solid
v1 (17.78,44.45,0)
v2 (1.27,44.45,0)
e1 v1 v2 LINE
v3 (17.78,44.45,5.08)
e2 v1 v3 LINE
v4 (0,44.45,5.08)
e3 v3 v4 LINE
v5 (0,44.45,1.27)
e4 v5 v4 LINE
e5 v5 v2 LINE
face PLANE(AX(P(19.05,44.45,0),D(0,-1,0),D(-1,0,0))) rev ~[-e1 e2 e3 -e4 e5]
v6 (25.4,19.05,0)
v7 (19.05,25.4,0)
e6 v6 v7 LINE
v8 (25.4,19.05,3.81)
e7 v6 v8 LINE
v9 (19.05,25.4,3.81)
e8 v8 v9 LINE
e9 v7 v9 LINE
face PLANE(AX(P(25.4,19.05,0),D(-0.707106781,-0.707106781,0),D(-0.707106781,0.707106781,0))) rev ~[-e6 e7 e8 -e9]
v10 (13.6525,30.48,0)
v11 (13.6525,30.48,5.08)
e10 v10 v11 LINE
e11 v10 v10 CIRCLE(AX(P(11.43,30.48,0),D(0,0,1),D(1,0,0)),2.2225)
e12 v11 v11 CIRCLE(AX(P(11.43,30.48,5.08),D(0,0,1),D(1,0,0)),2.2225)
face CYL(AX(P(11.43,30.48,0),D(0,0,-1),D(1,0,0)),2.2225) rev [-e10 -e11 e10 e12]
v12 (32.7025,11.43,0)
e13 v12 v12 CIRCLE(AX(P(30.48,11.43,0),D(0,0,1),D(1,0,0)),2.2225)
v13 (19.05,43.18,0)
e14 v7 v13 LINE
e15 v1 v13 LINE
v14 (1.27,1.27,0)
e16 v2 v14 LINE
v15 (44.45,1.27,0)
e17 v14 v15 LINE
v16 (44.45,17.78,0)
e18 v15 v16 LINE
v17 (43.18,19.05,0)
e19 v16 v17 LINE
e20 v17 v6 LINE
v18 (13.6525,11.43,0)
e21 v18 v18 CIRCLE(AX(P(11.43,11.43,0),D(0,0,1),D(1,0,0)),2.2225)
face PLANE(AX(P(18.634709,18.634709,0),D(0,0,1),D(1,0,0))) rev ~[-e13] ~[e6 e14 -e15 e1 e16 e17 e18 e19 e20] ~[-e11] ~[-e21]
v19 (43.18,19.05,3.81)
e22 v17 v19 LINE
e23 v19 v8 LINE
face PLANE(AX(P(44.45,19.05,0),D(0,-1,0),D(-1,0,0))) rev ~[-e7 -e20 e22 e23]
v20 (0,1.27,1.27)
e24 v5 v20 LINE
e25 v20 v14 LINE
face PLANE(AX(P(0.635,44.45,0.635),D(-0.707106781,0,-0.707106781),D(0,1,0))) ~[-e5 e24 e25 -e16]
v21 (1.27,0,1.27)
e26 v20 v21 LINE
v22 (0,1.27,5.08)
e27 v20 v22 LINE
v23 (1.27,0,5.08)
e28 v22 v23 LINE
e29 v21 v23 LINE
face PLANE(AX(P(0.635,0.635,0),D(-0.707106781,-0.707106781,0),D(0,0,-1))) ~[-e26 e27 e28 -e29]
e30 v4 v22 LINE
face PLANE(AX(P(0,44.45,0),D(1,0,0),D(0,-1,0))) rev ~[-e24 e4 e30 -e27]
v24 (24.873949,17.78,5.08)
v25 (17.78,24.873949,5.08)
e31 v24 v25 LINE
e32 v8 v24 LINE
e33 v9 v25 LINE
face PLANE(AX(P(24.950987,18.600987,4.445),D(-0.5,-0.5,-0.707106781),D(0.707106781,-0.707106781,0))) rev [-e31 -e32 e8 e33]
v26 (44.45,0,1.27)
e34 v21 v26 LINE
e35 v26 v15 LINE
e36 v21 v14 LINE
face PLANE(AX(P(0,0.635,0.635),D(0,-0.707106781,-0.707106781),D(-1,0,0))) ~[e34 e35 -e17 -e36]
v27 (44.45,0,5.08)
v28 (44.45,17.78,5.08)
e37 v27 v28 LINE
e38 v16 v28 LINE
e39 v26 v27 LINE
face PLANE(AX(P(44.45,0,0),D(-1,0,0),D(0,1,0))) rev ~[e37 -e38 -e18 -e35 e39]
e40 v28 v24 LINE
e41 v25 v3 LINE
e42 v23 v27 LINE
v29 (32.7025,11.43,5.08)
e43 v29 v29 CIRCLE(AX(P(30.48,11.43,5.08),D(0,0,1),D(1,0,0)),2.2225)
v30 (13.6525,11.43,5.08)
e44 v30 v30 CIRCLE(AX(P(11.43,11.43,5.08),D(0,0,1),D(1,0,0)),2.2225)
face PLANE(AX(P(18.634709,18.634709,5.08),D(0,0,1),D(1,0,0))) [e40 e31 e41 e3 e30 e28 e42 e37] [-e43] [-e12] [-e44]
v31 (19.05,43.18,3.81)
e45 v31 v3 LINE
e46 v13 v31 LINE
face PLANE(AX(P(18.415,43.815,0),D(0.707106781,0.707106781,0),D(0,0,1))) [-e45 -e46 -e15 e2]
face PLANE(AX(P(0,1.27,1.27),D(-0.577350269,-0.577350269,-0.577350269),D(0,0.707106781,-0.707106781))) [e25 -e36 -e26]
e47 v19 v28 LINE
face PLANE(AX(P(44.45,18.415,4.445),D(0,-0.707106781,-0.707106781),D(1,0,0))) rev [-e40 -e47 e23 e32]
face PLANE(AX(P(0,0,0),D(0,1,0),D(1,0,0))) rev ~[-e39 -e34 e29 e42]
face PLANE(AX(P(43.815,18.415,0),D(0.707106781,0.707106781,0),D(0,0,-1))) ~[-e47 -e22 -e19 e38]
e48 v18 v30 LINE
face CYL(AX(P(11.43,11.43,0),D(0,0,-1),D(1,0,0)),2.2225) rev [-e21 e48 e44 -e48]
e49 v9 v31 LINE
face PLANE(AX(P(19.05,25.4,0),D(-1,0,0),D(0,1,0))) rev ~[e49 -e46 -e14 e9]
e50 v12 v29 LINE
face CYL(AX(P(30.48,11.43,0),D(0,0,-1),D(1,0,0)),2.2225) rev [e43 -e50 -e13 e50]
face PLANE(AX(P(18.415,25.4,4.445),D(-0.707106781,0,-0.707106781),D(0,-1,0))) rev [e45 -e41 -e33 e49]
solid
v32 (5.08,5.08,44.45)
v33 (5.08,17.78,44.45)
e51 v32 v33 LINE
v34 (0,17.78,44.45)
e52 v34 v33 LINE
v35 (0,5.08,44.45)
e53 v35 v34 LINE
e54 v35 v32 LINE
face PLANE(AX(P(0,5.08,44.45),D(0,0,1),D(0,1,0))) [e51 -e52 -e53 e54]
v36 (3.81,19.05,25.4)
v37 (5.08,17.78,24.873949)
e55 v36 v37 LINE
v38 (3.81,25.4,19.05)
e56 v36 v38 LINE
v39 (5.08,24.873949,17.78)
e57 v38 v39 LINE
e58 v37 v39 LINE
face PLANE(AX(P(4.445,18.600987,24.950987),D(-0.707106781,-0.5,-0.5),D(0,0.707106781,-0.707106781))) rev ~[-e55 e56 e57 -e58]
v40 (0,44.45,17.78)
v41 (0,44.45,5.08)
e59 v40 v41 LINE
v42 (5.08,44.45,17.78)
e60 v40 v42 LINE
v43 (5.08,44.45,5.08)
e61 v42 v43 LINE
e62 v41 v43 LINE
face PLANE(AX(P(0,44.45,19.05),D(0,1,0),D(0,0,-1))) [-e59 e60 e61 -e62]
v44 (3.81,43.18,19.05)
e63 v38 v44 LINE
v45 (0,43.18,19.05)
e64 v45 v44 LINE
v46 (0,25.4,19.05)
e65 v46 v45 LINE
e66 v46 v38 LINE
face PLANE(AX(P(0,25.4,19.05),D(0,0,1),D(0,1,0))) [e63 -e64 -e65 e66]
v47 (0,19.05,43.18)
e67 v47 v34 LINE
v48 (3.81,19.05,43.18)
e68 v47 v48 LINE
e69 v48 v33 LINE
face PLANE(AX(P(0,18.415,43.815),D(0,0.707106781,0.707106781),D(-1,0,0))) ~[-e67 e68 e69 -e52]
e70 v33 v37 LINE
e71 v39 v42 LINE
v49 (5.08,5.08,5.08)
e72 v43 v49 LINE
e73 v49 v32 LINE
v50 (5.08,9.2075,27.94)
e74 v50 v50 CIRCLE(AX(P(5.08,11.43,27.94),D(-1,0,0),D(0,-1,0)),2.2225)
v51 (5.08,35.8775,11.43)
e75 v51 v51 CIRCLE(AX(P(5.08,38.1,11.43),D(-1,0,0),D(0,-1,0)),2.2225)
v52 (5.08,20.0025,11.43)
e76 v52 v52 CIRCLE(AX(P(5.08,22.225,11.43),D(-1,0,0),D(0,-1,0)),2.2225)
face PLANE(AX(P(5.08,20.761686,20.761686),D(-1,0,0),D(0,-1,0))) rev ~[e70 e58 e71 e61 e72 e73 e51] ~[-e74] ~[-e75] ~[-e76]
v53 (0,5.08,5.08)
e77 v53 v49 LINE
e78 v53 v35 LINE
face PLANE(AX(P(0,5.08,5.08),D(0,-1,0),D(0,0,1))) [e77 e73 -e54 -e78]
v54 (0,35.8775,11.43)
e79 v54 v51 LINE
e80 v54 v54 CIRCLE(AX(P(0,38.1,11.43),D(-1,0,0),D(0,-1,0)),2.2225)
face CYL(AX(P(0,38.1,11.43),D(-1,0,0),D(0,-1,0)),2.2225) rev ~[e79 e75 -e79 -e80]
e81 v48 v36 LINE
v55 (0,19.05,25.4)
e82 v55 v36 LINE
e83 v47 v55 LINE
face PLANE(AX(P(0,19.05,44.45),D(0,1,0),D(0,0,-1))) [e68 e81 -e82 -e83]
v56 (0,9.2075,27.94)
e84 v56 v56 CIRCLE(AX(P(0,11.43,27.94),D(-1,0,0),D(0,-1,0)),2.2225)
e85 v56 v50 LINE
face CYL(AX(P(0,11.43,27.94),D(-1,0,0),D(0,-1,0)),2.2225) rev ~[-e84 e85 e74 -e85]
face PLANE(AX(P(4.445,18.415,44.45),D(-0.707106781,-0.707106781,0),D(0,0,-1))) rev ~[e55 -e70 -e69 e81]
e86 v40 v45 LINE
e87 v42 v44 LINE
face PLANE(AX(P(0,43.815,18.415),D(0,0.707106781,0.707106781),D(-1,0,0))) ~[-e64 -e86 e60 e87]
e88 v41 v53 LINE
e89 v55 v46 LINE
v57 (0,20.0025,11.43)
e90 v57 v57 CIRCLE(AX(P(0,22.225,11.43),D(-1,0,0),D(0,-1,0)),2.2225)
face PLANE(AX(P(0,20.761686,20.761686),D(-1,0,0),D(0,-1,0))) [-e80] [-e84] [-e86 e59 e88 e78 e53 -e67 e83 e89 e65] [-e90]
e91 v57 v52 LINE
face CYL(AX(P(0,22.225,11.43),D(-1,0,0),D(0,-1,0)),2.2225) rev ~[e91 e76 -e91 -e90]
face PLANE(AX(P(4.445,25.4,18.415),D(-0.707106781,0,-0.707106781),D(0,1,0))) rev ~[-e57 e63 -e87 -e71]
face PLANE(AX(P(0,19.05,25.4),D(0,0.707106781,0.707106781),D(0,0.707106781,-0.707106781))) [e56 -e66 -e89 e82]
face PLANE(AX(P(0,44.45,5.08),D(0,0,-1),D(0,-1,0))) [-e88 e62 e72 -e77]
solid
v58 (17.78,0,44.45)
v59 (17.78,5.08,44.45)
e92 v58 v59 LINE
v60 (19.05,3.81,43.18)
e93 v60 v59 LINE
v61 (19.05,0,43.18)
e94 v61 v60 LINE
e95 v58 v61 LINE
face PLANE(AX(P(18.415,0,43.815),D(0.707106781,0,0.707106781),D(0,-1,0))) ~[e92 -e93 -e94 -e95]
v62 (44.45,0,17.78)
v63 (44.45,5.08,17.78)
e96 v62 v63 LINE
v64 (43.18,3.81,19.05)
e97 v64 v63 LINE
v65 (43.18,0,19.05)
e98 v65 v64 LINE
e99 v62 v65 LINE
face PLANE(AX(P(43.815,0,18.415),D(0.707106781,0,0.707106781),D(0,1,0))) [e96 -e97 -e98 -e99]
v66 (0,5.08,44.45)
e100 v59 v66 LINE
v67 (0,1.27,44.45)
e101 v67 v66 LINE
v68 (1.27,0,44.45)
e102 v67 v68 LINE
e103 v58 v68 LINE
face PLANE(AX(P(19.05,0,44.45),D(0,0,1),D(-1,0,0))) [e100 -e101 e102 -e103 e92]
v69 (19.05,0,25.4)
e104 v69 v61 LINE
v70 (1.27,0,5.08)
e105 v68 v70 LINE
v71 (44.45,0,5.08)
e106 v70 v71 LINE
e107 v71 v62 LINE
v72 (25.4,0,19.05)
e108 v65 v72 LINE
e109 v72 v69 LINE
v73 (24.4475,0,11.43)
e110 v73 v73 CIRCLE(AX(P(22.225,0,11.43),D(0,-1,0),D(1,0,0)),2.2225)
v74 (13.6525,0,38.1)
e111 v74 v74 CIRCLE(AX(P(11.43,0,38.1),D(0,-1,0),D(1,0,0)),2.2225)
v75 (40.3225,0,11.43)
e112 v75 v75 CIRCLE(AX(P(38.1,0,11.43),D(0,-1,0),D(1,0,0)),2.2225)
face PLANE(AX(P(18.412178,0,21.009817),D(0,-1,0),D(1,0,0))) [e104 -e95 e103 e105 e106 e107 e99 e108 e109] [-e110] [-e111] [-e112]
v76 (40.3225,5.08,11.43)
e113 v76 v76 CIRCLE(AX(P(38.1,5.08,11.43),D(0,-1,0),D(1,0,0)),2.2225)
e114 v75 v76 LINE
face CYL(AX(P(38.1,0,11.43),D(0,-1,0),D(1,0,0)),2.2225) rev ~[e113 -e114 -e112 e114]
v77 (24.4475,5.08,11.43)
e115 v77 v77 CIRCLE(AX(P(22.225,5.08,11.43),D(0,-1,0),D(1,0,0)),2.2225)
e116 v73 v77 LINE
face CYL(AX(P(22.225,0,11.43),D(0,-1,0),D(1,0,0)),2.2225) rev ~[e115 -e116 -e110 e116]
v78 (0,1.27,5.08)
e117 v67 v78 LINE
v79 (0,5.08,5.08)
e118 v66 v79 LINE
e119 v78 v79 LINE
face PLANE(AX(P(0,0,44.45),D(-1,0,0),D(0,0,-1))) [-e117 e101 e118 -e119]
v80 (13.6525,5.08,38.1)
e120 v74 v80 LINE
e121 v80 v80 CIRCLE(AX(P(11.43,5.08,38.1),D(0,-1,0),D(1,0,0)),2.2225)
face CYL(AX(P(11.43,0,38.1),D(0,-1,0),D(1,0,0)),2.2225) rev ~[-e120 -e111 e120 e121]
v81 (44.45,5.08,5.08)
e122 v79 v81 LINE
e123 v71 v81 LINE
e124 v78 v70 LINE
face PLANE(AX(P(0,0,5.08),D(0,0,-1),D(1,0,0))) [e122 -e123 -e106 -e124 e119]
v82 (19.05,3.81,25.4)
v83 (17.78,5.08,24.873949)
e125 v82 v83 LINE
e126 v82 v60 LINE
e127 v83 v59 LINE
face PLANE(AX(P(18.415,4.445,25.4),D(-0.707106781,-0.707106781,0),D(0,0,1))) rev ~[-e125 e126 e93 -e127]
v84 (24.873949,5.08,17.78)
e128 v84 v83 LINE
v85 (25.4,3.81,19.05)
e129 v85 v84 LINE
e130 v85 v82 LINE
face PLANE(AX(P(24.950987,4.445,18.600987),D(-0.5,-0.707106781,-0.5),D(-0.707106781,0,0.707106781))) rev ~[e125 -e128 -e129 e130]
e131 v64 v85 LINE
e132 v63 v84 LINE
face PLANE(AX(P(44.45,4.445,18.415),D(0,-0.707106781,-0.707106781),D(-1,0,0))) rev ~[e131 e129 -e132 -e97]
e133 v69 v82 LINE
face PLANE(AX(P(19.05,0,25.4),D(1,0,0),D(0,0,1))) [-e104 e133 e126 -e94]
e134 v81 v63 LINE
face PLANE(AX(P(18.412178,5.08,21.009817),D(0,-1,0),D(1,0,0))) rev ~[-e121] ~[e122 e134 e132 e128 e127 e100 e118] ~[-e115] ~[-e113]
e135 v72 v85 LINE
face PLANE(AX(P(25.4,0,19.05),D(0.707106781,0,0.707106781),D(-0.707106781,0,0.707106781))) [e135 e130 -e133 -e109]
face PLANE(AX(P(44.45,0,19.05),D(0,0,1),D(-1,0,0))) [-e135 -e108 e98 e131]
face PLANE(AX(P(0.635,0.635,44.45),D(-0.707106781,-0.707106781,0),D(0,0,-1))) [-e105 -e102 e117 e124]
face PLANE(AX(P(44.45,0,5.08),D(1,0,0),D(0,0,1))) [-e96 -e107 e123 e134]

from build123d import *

# Parameters (mm, degrees)
F0_R      = 2.2225
F1_DEPTH  = 5.08
F2_R      = 2.2225
F3_DEPTH  = 5.08
F4_R      = 2.2225
F5_DEPTH  = 5.08
F6_SIZE   = 1.27
F6_2_SIZE = 1.27
F6_3_SIZE = 1.27


with BuildPart() as f1:
    # F0 (on Top) → F1 (new body)
    with BuildSketch(Plane.XY):
        Polygon((0, 44.45), (0, 0), (44.45, 0), (44.45, 19.05), (25.4, 19.05), (19.05, 25.4), (19.05, 44.45), align=None)
        with Locations((11.43, 11.43)):
            Circle(F0_R, mode=Mode.SUBTRACT)
        with Locations((30.48, 11.43)):
            Circle(F0_R, mode=Mode.SUBTRACT)
        with Locations((11.43, 30.48)):
            Circle(F0_R, mode=Mode.SUBTRACT)
    extrude(amount=F1_DEPTH)

    # F6
    f6_edges = [f1.edges().sort_by_distance(p)[0] for p in [
        (19.05, 34.925, 5.08),
        (19.05, 44.45, 2.54),
        (34.925, 19.05, 5.08),
        (22.225, 22.225, 5.08),
        (44.45, 19.05, 2.54),
        (22.225, 0, 0),
        (0, 0, 2.54),
        (0, 22.225, 0),
    ]]
    chamfer(f6_edges, length=F6_SIZE)


with BuildPart() as f3:
    # F2 (on face) → F3 (new body)
    with BuildSketch(Plane.XZ):
        Polygon((0, 44.45), (0, 5.08), (44.45, 5.08), (44.45, 19.05), (25.4, 19.05), (19.05, 25.4), (19.05, 44.45), align=None)
        with Locations((22.225, 11.43)):
            Circle(F2_R, mode=Mode.SUBTRACT)
        with Locations((38.1, 11.43)):
            Circle(F2_R, mode=Mode.SUBTRACT)
        with Locations((11.43, 38.1)):
            Circle(F2_R, mode=Mode.SUBTRACT)
    extrude(amount=-F3_DEPTH)

    # F6#3
    f6_3_edges = [f3.edges().sort_by_distance(p)[0] for p in [
        (19.05, 5.08, 34.925),
        (22.225, 5.08, 22.225),
        (34.925, 5.08, 19.05),
        (44.45, 2.54, 19.05),
        (19.05, 2.54, 44.45),
        (0, 0, 24.765),
    ]]
    chamfer(f6_3_edges, length=F6_3_SIZE)


with BuildPart() as f5:
    # F4 (on face) → F5 (new body)
    with BuildSketch(Plane(origin=(0, 0, 0), x_dir=(0, -1, 0), z_dir=(-1, 0, 0))):
        Polygon((-44.45, 19.05), (-44.45, 5.08), (-5.08, 5.08), (-5.08, 44.45), (-19.05, 44.45), (-19.05, 25.4), (-25.4, 19.05), align=None)
        with Locations((-38.1, 11.43)):
            Circle(F4_R, mode=Mode.SUBTRACT)
        with Locations((-22.225, 11.43)):
            Circle(F4_R, mode=Mode.SUBTRACT)
        with Locations((-11.43, 27.94)):
            Circle(F4_R, mode=Mode.SUBTRACT)
    extrude(amount=-F5_DEPTH)

    # F6#2
    f6_2_edges = [f5.edges().sort_by_distance(p)[0] for p in [
        (2.54, 44.45, 19.05),
        (5.08, 34.925, 19.05),
        (5.08, 19.05, 34.925),
        (5.08, 22.225, 22.225),
        (2.54, 19.05, 44.45),
    ]]
    chamfer(f6_2_edges, length=F6_2_SIZE)


solid = Compound([f1.part, f3.part, f5.part])
